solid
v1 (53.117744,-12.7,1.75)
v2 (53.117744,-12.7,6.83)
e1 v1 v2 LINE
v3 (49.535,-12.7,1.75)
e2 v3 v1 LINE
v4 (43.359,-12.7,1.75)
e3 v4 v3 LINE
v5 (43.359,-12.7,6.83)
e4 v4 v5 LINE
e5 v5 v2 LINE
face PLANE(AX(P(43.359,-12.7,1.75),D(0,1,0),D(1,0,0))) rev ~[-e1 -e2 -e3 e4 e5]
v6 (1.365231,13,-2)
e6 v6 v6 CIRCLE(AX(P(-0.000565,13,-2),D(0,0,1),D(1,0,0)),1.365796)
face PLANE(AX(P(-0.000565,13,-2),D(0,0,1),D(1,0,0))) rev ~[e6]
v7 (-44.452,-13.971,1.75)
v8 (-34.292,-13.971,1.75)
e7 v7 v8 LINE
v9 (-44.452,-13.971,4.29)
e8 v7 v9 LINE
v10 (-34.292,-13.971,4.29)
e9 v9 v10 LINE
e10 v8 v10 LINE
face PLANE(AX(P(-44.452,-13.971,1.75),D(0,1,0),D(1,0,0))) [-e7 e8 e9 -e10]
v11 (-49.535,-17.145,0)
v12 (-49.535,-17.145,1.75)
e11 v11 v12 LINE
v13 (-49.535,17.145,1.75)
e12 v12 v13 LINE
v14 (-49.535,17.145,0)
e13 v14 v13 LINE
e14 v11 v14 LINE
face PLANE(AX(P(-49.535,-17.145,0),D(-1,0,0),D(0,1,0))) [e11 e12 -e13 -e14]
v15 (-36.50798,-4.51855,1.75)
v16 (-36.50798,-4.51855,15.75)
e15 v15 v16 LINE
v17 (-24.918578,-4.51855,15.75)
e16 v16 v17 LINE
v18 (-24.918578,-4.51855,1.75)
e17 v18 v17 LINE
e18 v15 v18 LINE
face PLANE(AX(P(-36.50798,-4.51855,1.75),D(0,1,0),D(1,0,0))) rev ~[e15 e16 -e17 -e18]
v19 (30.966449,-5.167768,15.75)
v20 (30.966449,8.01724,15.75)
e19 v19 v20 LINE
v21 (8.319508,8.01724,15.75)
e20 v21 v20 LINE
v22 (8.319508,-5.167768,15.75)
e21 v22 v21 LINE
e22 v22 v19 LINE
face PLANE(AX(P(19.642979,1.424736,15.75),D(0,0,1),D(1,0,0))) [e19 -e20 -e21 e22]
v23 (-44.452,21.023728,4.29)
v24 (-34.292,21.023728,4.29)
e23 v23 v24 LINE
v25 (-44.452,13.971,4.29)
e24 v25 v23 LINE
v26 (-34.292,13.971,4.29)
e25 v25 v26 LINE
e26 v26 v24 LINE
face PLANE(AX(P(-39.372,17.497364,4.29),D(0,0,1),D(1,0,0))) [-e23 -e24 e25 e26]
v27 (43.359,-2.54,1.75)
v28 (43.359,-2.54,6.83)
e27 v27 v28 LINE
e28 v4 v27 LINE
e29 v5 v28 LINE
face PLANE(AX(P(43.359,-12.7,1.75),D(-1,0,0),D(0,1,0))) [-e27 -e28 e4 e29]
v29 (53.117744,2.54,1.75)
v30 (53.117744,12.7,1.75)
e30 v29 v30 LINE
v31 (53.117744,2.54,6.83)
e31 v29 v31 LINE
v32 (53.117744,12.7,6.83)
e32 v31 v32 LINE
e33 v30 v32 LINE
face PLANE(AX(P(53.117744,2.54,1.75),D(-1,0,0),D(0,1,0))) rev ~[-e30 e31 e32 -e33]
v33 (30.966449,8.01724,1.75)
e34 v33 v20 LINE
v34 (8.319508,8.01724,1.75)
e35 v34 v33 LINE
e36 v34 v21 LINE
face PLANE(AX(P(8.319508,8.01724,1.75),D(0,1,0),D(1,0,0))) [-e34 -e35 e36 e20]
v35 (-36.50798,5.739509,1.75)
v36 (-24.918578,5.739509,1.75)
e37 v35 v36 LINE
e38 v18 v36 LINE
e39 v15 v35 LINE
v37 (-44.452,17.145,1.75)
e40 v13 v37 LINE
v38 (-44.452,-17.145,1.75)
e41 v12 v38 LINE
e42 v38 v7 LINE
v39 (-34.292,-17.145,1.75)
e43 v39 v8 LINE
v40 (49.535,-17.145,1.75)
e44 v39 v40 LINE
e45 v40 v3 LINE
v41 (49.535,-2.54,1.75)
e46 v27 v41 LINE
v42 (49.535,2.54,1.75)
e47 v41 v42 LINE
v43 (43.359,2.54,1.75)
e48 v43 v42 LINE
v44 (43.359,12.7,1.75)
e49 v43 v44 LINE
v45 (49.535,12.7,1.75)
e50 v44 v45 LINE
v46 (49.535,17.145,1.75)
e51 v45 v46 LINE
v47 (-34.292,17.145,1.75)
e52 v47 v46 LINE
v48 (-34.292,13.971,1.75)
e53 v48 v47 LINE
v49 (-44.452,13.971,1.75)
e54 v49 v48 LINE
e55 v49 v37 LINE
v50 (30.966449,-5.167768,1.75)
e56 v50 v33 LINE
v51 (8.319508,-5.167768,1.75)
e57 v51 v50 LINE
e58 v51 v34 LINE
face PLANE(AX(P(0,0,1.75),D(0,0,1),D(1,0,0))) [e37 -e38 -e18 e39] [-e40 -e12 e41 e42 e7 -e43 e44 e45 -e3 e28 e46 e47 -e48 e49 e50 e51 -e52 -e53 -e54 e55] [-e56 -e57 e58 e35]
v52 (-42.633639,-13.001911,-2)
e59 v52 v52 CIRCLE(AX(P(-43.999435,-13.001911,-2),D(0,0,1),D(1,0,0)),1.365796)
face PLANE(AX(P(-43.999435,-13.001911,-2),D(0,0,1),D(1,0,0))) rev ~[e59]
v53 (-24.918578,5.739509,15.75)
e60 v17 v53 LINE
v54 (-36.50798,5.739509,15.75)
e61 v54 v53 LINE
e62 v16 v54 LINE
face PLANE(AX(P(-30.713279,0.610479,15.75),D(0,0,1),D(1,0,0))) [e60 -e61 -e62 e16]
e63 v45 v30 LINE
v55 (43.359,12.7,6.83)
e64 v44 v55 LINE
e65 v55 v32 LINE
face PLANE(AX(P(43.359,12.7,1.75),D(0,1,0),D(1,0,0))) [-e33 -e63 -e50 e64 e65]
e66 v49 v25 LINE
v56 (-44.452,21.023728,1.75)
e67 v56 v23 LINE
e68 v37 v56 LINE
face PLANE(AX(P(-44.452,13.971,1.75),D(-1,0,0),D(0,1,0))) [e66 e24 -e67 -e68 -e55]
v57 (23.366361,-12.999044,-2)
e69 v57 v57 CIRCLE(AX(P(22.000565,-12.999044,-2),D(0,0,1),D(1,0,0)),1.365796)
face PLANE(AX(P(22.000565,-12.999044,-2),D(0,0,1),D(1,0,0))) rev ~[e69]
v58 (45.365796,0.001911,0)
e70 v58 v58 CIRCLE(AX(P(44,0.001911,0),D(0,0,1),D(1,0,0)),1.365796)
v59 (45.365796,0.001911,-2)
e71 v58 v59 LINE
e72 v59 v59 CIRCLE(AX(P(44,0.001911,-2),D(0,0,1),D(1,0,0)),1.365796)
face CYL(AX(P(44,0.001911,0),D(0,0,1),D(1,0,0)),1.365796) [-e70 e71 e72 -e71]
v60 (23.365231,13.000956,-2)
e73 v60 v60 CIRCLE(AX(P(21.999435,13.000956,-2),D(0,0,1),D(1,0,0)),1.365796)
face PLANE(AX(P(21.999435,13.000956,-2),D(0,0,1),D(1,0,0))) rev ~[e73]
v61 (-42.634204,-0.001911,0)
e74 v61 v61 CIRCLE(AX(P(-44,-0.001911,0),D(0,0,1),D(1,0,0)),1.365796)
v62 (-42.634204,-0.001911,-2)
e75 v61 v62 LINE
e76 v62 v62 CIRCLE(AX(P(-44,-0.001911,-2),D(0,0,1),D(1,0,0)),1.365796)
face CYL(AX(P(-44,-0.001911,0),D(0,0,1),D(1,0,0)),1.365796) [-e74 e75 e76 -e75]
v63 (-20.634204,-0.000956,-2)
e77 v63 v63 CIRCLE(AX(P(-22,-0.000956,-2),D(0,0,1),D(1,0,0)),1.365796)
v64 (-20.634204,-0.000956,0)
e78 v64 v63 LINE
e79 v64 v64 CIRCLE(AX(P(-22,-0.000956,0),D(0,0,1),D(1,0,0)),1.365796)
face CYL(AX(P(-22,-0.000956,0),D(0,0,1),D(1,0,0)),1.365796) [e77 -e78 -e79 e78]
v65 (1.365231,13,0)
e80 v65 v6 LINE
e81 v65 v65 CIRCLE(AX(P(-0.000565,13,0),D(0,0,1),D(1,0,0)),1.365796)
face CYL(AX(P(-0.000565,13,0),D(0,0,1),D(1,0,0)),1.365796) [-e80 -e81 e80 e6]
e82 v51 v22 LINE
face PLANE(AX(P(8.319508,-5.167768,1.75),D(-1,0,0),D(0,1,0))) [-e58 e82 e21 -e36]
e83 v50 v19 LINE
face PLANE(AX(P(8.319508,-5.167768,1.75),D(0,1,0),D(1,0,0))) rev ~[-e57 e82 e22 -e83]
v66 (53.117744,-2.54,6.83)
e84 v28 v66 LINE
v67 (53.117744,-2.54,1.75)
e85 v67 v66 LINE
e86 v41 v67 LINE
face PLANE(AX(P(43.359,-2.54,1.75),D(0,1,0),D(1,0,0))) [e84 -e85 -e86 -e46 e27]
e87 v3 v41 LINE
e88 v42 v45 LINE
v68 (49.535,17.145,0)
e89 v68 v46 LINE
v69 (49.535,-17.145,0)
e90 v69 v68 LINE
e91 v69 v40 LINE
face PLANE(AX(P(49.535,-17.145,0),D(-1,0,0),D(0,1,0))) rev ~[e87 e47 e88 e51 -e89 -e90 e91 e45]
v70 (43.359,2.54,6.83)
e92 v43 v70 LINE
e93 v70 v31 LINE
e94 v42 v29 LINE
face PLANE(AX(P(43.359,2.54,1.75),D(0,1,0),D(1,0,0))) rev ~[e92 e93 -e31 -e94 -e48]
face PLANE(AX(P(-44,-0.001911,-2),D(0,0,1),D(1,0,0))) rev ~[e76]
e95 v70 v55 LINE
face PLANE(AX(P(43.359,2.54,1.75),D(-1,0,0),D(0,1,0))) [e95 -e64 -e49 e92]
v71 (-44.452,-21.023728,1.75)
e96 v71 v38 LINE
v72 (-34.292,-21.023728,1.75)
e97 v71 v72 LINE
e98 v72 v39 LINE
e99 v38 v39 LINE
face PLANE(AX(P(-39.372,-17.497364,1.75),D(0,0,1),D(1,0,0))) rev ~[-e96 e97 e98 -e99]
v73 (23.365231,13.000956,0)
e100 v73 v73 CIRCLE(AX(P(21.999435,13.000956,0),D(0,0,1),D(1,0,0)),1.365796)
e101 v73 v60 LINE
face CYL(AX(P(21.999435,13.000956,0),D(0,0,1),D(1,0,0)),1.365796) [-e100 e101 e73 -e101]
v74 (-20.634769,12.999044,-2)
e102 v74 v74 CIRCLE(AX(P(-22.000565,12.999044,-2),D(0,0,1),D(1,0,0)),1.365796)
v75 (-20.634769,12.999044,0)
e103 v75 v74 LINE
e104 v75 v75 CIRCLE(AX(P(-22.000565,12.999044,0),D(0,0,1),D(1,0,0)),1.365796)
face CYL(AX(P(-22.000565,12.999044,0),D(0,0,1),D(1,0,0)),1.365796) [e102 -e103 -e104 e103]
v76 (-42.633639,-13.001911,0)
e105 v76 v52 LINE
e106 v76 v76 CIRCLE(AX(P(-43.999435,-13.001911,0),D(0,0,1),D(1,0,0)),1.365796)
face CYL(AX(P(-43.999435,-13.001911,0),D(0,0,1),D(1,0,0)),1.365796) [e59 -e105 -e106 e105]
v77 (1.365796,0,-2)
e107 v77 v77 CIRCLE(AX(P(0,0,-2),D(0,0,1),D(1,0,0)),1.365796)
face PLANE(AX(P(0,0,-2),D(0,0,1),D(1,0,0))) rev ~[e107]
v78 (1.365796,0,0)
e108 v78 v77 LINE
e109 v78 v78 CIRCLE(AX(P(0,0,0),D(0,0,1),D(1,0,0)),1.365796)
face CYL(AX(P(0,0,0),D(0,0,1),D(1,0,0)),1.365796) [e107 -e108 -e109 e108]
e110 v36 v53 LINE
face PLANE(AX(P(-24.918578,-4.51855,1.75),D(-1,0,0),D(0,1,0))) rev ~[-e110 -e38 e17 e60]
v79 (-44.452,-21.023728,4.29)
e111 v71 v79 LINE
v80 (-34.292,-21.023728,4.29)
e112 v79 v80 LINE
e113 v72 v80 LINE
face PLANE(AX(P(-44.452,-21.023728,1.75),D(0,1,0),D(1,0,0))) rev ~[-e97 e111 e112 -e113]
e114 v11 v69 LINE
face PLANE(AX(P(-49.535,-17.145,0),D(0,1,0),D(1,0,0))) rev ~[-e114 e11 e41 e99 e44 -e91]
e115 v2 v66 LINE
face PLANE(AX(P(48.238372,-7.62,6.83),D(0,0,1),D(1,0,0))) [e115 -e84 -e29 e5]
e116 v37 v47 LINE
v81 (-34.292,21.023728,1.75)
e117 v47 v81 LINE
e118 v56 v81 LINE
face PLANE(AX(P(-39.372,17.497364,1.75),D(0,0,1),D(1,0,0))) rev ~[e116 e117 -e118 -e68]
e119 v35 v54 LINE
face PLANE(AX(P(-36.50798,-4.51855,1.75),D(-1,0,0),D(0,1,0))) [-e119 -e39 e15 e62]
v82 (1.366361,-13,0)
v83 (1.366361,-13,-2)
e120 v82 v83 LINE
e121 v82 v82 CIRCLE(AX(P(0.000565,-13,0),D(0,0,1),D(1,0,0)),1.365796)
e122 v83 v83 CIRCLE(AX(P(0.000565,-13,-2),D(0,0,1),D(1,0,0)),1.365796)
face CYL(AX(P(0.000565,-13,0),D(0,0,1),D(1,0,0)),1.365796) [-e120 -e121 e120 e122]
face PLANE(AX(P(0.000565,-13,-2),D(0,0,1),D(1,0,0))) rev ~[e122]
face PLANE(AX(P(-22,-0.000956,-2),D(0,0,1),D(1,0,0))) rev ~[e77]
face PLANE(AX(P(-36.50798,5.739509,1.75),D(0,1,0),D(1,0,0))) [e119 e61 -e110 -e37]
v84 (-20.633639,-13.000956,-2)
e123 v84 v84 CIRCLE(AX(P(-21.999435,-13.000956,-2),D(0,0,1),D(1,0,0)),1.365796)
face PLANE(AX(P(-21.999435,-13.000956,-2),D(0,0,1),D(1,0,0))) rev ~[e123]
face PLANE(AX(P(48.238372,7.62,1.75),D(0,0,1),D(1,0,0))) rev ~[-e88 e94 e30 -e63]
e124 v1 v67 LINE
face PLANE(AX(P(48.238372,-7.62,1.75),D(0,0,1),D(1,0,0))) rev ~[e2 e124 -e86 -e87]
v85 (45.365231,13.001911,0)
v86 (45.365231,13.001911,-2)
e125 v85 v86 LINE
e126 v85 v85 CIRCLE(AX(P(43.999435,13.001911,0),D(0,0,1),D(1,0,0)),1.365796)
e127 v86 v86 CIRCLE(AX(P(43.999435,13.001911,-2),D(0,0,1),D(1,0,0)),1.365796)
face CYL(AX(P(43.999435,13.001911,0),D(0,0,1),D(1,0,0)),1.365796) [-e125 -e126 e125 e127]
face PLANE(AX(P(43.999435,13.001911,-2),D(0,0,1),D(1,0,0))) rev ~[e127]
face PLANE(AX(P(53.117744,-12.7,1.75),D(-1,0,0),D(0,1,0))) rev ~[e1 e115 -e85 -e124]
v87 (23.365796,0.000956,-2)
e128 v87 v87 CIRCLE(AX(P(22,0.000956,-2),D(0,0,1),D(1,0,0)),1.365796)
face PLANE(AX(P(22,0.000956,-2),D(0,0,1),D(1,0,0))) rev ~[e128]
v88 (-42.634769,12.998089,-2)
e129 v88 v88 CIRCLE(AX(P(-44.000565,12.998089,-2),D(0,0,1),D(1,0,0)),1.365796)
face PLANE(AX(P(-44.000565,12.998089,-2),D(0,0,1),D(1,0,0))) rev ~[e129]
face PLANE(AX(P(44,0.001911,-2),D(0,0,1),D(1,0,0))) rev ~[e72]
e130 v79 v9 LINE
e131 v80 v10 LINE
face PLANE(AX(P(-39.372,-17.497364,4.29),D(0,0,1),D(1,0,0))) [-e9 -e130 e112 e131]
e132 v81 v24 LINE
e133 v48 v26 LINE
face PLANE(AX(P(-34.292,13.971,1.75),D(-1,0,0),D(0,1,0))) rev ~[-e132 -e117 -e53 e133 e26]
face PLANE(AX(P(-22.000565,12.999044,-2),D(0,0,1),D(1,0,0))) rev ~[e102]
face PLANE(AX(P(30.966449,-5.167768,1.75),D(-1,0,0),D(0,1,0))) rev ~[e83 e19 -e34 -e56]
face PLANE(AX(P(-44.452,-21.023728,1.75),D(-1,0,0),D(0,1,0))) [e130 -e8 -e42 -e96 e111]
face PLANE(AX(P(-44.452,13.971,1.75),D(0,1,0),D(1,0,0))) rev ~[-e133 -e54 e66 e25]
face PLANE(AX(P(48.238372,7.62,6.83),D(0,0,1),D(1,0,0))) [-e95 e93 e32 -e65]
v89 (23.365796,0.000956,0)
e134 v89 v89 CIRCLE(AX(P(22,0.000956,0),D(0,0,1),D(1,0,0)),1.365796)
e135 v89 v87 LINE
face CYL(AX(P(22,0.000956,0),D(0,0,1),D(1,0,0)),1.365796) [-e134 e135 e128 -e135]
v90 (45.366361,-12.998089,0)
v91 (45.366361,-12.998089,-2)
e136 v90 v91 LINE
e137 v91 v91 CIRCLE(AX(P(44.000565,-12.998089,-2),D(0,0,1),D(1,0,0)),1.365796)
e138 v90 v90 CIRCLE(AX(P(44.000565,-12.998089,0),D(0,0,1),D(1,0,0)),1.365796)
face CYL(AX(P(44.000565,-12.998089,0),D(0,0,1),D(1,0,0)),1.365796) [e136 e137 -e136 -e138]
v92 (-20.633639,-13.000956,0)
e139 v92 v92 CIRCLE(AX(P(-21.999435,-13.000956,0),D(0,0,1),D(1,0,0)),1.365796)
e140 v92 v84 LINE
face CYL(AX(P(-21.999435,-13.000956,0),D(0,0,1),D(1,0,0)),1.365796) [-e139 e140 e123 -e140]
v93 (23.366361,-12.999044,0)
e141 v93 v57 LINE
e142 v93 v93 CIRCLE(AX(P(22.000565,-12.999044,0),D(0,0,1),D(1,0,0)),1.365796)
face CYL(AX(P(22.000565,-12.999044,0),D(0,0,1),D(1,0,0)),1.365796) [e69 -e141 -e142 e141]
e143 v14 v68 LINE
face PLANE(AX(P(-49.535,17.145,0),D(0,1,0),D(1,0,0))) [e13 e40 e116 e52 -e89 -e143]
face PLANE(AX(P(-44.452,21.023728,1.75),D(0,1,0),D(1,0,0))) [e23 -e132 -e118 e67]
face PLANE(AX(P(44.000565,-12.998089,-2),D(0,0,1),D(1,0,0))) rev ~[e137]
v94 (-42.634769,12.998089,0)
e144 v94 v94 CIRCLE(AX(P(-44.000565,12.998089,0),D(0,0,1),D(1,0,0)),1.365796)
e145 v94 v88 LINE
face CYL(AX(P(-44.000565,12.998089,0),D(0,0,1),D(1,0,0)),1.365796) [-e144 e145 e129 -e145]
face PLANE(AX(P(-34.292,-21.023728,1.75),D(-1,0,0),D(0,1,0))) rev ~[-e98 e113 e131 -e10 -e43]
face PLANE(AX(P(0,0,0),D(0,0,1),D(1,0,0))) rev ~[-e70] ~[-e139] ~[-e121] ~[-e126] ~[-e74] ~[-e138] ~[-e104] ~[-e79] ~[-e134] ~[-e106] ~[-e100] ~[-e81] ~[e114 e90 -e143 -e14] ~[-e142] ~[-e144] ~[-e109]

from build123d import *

# Parameters (mm, degrees)
SKETCH_W      = 99.07
SKETCH_H      = 34.29
PAD_DEPTH     = 1.75
SKETCH001_R   = 1.365796
PAD001_DEPTH  = 2
SKETCH013_W   = 11.589402
SKETCH013_H   = 10.258059
SKETCH013_W_2 = 22.646941
SKETCH013_H_2 = 13.185007
PAD010_DEPTH  = 14
SKETCH016_W   = 9.758744
SKETCH016_H   = 10.16
PAD013_DEPTH  = 5.08
SKETCH017_W   = 10.16
SKETCH017_H   = 7.052728
PAD014_DEPTH  = 2.54


with BuildPart() as part:
    # Sketch → Pad (new body)
    with BuildSketch(Plane.XY):
        Rectangle(SKETCH_W, SKETCH_H)
    extrude(amount=PAD_DEPTH)

    # Sketch001 → Pad001 (join)
    with BuildSketch(Plane.XY):
        with Locations((-44.000565, 12.998089)):
            Circle(SKETCH001_R)
        with Locations((-22.000565, 12.999044)):
            Circle(SKETCH001_R)
        with Locations((-0.000565, 13)):
            Circle(SKETCH001_R)
        with Locations((21.999435, 13.000956)):
            Circle(SKETCH001_R)
        with Locations((43.999435, 13.001911)):
            Circle(SKETCH001_R)
        with Locations((-44, -0.001911)):
            Circle(SKETCH001_R)
        with Locations((-22, -0.000956)):
            Circle(SKETCH001_R)
        Circle(SKETCH001_R)
        with Locations((22, 0.000956)):
            Circle(SKETCH001_R)
        with Locations((44, 0.001911)):
            Circle(SKETCH001_R)
        with Locations((-43.999435, -13.001911)):
            Circle(SKETCH001_R)
        with Locations((-21.999435, -13.000956)):
            Circle(SKETCH001_R)
        with Locations((0.000565, -13)):
            Circle(SKETCH001_R)
        with Locations((22.000565, -12.999044)):
            Circle(SKETCH001_R)
        with Locations((44.000565, -12.998089)):
            Circle(SKETCH001_R)
    extrude(amount=-PAD001_DEPTH)

    # Sketch013 → Pad010 (join)
    with BuildSketch(Plane.XY.offset(1.75)):
        with Locations((-30.713279, 0.610479)):
            Rectangle(SKETCH013_W, SKETCH013_H)
        with Locations((19.642979, 1.424736)):
            Rectangle(SKETCH013_W_2, SKETCH013_H_2)
    extrude(amount=PAD010_DEPTH)

    # Sketch016 → Pad013 (join)
    with BuildSketch(Plane.XY.offset(1.75)):
        with Locations((48.238372, 7.62)):
            Rectangle(SKETCH016_W, SKETCH016_H)
        with Locations((48.238372, -7.62)):
            Rectangle(SKETCH016_W, SKETCH016_H)
    extrude(amount=PAD013_DEPTH)

    # Sketch017 → Pad014 (join)
    with BuildSketch(Plane.XY.offset(1.75)):
        with Locations((-39.372, 17.497364)):
            Rectangle(SKETCH017_W, SKETCH017_H)
        with Locations((-39.372, -17.497364)):
            Rectangle(SKETCH017_W, SKETCH017_H)
    extrude(amount=PAD014_DEPTH)


solid = part.part
